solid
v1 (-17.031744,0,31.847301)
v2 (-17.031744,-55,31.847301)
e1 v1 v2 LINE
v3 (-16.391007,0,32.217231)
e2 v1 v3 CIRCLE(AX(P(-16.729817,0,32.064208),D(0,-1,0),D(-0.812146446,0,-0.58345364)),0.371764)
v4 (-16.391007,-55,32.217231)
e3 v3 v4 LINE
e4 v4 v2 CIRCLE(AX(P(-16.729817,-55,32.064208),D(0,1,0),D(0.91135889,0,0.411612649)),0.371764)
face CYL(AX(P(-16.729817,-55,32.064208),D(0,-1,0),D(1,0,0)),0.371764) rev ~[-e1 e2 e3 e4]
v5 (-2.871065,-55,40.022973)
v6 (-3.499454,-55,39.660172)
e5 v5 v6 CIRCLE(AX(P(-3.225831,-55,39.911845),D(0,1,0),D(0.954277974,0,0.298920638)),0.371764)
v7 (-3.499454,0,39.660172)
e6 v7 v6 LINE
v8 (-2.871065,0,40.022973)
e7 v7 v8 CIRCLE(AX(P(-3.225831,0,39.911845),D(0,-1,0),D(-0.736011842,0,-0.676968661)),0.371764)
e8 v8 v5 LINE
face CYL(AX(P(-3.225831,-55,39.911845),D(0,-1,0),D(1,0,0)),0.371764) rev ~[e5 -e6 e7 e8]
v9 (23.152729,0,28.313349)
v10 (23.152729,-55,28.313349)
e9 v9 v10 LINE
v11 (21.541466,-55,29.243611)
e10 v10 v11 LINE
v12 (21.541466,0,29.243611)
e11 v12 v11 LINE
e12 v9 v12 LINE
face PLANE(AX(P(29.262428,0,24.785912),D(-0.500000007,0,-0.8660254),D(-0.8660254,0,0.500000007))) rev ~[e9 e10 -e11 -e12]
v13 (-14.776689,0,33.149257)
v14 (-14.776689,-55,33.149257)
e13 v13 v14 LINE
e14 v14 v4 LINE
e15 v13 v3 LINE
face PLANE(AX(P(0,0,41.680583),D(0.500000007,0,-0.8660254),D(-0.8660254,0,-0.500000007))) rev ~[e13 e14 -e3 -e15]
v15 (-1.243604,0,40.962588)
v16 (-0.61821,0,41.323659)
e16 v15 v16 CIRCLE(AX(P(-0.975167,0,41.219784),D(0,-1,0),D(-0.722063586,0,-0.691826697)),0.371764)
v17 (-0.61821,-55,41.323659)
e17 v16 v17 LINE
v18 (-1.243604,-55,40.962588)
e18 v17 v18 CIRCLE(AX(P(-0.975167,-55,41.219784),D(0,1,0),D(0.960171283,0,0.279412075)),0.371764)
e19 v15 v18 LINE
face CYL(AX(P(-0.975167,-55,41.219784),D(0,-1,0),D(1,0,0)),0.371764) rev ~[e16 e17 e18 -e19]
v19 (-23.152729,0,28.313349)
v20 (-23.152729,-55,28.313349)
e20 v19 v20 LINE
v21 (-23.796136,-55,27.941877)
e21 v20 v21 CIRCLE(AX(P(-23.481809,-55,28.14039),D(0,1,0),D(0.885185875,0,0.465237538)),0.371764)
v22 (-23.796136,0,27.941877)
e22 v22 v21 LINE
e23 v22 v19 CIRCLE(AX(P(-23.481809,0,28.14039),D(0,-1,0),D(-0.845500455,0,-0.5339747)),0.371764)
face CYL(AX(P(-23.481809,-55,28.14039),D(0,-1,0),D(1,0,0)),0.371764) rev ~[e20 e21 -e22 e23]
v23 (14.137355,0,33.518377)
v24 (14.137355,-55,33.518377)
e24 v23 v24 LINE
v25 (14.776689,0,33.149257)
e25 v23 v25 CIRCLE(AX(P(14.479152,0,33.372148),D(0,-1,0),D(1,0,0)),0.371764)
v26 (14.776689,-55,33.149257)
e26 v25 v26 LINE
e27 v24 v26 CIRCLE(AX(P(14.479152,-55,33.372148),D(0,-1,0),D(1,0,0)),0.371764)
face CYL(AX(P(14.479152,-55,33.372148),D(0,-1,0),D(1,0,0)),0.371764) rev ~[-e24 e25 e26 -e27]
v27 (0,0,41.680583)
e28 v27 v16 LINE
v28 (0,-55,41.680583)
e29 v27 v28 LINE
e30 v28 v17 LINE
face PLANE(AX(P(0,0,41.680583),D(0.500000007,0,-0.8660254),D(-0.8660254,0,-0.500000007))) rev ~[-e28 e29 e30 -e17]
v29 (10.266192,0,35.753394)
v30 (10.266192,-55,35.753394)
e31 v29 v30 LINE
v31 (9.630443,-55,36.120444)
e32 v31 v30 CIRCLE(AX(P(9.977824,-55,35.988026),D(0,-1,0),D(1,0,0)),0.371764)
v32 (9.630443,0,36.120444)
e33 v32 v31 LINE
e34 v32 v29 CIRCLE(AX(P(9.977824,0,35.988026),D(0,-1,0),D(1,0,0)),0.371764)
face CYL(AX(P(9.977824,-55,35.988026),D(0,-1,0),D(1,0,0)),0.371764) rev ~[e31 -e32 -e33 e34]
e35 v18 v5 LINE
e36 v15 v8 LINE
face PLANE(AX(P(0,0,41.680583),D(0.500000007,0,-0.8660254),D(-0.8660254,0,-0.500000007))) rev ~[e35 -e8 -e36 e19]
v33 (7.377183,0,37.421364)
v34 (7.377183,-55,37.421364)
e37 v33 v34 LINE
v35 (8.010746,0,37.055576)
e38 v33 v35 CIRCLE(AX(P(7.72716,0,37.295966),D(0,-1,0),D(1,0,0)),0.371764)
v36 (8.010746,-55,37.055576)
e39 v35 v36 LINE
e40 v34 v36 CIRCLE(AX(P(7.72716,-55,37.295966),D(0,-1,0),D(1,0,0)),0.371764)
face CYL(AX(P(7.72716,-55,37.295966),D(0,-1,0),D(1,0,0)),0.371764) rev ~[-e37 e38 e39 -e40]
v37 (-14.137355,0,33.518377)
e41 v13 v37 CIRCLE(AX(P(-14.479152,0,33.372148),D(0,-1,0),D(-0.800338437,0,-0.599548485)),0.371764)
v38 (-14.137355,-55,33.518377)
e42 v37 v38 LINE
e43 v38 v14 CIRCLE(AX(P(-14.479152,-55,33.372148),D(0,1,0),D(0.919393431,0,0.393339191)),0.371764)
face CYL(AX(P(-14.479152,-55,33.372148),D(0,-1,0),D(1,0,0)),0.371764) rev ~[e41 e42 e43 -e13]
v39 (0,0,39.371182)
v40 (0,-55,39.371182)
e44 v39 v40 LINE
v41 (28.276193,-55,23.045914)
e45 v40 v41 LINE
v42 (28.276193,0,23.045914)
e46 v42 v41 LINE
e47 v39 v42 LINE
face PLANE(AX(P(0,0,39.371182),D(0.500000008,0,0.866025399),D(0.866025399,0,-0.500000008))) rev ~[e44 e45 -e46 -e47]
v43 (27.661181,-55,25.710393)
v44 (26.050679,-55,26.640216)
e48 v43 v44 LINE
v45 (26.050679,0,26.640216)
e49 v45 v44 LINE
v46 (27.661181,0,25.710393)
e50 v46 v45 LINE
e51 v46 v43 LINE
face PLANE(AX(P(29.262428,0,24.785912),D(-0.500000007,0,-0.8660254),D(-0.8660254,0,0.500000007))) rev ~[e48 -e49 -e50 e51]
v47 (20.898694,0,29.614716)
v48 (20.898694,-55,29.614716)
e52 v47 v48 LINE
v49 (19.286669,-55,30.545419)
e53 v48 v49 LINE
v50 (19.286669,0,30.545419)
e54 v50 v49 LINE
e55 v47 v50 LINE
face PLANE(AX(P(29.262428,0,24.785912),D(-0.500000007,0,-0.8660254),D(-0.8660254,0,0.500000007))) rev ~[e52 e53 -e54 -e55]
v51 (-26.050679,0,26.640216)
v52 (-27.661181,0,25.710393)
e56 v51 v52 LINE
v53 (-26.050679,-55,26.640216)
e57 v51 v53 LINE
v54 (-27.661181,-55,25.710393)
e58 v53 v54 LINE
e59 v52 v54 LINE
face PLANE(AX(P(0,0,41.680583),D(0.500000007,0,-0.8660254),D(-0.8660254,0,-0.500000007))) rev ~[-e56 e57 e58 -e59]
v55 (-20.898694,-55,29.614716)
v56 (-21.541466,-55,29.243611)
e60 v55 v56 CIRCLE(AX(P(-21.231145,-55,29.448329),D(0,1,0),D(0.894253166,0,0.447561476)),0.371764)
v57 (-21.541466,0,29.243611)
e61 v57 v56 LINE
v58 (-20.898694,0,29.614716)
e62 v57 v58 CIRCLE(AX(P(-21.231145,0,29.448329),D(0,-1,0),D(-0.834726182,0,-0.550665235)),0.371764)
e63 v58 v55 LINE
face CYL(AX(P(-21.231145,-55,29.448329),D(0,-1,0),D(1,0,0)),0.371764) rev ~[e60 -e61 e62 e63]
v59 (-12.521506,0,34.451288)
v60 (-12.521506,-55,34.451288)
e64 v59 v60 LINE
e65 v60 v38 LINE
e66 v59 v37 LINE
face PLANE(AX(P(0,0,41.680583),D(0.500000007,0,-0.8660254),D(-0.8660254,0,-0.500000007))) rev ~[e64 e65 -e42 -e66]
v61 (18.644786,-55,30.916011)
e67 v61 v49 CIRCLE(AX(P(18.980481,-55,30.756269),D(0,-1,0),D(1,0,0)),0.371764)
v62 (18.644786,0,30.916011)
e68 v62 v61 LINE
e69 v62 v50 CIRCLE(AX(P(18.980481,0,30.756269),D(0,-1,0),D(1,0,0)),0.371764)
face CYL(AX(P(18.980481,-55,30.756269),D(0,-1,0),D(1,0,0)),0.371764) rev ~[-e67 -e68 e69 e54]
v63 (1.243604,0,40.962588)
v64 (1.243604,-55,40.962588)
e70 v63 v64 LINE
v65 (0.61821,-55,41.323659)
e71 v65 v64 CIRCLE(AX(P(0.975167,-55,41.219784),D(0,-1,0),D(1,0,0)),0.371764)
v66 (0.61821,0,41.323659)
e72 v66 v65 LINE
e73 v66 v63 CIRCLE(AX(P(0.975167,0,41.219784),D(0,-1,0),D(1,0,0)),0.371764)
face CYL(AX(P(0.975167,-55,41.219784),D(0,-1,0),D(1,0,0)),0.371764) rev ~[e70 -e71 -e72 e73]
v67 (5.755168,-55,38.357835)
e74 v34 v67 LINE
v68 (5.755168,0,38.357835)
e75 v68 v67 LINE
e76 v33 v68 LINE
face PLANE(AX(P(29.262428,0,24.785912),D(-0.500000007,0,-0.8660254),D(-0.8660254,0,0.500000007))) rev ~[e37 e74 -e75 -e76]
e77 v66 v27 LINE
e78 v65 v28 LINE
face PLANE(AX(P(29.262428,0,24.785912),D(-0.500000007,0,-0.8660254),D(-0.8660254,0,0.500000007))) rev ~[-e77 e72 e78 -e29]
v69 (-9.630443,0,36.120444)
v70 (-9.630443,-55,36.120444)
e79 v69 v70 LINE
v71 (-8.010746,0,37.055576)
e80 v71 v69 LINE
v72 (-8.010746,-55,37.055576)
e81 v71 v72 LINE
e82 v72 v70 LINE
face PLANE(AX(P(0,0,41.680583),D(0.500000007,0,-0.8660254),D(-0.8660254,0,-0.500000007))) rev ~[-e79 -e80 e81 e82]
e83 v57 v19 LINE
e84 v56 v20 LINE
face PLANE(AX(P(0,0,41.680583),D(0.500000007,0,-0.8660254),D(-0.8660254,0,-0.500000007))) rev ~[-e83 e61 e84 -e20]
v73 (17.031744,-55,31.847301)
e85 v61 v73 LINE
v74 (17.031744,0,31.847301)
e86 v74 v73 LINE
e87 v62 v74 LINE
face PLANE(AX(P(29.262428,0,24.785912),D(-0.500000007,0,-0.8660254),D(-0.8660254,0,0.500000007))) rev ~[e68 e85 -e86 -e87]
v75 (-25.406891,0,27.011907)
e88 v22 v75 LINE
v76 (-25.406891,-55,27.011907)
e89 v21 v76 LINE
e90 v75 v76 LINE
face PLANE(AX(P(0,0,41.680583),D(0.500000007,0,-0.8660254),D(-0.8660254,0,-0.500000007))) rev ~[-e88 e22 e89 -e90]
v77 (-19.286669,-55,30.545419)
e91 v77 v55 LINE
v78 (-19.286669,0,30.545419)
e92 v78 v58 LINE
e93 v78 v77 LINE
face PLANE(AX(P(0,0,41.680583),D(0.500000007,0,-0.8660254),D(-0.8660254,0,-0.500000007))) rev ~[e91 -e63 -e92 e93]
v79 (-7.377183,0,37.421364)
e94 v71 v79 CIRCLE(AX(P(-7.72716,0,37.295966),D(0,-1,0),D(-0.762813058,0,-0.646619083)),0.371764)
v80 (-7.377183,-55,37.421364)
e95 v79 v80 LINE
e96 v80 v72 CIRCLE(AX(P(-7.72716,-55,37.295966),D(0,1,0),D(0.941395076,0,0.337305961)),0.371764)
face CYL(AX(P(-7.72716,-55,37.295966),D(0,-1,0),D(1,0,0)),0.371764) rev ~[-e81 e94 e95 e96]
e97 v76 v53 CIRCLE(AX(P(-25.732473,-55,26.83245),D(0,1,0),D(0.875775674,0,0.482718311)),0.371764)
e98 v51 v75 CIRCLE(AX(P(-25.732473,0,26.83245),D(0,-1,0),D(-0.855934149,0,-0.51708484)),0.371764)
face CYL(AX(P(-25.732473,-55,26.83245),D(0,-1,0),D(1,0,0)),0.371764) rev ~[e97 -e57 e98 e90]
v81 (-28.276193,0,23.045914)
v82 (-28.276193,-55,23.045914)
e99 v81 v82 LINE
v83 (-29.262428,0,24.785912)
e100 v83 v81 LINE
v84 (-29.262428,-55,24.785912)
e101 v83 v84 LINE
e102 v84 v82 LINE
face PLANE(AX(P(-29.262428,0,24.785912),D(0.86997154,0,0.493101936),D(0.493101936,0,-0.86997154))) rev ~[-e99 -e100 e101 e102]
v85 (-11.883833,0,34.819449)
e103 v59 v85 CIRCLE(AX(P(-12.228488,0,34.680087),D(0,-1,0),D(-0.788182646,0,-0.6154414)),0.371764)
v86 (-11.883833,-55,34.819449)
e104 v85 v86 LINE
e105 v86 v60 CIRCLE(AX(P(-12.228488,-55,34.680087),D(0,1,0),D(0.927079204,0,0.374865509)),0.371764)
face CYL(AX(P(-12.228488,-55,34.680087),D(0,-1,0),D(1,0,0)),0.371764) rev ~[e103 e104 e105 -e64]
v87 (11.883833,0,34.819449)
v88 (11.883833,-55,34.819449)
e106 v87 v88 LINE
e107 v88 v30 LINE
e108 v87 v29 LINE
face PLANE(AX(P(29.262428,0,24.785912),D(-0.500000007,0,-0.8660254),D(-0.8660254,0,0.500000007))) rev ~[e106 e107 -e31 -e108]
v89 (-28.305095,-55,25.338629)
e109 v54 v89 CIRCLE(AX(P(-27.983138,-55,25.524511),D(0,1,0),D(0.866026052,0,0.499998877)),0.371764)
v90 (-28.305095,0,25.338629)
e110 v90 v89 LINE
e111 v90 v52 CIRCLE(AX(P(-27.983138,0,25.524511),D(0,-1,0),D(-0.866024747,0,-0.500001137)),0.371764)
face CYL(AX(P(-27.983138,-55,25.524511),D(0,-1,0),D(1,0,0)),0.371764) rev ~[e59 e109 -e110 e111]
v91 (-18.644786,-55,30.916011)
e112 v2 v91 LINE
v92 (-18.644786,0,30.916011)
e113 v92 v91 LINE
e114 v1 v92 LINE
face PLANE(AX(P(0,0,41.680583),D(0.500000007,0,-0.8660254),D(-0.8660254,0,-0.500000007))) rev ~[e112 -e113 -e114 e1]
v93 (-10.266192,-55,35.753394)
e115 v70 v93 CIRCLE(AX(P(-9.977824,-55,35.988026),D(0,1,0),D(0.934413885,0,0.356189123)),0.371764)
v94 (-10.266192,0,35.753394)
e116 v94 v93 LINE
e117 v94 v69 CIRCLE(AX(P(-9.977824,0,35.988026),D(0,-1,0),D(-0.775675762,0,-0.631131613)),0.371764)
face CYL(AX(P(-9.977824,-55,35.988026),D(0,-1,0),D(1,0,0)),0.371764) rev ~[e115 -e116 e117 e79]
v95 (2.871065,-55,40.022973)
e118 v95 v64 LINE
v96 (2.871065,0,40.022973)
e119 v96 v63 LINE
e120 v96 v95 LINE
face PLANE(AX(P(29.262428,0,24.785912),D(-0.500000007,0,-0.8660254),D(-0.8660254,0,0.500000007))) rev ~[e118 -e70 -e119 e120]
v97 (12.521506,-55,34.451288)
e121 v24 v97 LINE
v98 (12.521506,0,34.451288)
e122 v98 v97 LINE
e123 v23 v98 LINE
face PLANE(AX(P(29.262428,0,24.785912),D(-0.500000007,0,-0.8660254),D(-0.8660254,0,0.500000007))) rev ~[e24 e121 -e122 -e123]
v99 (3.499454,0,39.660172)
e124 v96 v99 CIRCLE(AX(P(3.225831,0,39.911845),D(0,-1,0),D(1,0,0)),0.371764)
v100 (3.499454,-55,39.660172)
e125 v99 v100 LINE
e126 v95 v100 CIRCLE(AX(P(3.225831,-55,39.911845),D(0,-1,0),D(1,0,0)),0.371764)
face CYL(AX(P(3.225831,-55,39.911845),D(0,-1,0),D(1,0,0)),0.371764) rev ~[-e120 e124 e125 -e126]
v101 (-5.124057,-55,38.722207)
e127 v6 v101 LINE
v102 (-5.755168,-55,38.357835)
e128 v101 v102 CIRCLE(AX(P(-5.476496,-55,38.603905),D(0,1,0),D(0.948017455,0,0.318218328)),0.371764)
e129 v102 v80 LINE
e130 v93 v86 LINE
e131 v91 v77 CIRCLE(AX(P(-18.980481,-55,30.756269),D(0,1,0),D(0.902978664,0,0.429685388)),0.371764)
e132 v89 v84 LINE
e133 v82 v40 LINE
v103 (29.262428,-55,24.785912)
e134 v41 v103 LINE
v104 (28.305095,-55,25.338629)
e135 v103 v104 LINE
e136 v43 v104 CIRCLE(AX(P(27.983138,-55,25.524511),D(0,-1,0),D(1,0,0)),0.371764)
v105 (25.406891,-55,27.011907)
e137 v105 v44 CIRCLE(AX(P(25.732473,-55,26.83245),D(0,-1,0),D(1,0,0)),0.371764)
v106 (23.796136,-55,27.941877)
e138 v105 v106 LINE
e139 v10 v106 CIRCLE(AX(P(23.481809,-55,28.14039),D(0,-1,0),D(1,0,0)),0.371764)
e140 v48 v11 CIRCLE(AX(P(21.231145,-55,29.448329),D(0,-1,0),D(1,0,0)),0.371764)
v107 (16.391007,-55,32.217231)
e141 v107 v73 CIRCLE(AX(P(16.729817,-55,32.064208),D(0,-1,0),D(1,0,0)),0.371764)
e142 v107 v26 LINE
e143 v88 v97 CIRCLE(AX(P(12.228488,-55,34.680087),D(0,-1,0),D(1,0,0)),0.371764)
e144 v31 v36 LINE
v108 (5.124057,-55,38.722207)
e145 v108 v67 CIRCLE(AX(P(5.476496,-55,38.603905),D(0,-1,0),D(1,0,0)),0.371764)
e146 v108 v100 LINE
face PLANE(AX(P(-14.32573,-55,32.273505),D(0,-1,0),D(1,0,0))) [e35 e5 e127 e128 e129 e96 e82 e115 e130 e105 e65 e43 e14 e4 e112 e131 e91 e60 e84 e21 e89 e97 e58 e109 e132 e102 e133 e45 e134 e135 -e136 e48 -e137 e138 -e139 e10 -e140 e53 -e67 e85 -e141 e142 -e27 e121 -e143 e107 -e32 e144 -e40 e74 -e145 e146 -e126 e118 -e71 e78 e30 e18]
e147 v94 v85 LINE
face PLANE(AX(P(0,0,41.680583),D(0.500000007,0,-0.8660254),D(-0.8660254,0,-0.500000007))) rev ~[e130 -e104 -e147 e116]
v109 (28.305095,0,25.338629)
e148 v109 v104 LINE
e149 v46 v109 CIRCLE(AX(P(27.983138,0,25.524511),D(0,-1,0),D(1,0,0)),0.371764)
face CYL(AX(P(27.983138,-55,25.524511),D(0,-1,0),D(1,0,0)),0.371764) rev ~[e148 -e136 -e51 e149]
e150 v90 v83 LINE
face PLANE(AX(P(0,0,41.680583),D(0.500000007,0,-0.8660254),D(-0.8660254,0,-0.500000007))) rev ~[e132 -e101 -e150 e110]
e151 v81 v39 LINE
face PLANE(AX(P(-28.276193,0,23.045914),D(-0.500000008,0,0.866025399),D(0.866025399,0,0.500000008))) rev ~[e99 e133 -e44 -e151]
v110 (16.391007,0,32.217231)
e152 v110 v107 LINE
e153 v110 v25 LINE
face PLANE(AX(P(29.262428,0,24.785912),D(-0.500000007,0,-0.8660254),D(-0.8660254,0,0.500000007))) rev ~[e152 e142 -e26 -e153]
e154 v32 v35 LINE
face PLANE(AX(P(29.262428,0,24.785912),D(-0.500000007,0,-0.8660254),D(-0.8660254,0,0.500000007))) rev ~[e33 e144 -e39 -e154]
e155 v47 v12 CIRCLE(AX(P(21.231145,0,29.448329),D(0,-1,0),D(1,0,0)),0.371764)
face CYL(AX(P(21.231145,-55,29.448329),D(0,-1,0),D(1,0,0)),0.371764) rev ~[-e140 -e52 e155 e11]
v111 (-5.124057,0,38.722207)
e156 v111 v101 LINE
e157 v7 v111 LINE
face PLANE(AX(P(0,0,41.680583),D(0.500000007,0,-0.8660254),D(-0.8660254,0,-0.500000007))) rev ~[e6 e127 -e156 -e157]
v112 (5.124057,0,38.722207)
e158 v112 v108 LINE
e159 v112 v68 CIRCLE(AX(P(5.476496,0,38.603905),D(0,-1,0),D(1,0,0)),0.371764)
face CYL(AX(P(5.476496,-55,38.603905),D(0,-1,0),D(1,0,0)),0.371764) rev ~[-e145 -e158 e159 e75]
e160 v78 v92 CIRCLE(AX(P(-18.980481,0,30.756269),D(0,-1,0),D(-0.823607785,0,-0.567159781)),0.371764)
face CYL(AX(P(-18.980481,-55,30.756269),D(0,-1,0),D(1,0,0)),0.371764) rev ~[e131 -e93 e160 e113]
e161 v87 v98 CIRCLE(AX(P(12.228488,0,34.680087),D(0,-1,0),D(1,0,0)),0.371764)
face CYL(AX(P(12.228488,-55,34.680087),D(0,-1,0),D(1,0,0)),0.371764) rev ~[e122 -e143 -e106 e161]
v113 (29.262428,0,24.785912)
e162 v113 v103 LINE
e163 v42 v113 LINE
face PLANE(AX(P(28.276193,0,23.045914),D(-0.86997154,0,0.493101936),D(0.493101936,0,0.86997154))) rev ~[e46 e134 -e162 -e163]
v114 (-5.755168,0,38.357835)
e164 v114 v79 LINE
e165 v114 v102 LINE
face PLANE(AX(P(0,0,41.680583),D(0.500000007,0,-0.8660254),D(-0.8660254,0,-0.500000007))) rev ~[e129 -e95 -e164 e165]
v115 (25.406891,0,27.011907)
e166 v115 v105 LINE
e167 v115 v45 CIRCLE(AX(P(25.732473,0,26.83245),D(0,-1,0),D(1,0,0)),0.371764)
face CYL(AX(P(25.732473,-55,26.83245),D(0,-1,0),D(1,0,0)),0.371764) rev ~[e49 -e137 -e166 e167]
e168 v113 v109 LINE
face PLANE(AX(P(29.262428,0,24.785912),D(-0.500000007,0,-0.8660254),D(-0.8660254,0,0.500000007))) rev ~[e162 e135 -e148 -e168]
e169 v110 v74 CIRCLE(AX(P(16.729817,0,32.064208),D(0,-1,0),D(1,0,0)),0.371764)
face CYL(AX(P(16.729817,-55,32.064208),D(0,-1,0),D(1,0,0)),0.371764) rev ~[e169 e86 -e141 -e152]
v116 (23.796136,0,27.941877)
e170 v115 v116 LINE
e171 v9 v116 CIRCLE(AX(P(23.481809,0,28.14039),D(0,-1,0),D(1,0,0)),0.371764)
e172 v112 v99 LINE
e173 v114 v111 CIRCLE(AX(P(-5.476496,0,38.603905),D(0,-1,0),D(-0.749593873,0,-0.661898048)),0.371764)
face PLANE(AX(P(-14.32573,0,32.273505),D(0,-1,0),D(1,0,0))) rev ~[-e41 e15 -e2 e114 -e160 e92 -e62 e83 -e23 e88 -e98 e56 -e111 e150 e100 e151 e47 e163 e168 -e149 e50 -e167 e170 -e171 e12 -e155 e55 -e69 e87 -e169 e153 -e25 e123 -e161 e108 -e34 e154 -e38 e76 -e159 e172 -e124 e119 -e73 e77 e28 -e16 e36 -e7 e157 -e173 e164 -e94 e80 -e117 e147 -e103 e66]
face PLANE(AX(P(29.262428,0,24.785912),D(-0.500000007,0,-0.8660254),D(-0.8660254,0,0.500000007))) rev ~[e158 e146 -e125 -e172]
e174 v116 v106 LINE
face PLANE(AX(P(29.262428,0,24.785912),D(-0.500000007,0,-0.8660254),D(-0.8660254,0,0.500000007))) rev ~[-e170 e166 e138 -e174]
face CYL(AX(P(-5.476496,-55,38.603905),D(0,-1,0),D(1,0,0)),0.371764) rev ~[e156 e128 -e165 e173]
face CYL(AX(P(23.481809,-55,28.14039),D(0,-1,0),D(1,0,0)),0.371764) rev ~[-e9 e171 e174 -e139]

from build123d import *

# Parameters (mm, degrees)
F1_DEPTH = 55
F2_R     = 0.371764
F3_DEPTH = 63.7


with BuildPart() as f1:
    # F0 (on Front) → F1 (new body)
    with BuildSketch(Plane.XZ):
        Polygon((-28.276193, 23.045914), (0, 39.371182), (0, 41.680583), (-29.262428, 24.785912), align=None)
        Polygon((0, 41.680583), (0, 39.371182), (28.276193, 23.045914), (29.262428, 24.785912), align=None)
    extrude(amount=F1_DEPTH)

    # F2 (on face) → F3 (cut)
    with BuildSketch(Plane.XZ.offset(55)):
        with Locations((-27.983138, 25.524511)):
            Circle(F2_R)
        with Locations((-25.732473, 26.83245)):
            Circle(F2_R)
        with Locations((-23.481809, 28.14039)):
            Circle(F2_R)
        with Locations((-21.231145, 29.448329)):
            Circle(F2_R)
        with Locations((-18.980481, 30.756269)):
            Circle(F2_R)
        with Locations((-16.729817, 32.064208)):
            Circle(F2_R)
        with Locations((-14.479152, 33.372148)):
            Circle(F2_R)
        with Locations((-12.228488, 34.680087)):
            Circle(F2_R)
        with Locations((-9.977824, 35.988026)):
            Circle(F2_R)
        with Locations((-7.72716, 37.295966)):
            Circle(F2_R)
        with Locations((-5.476496, 38.603905)):
            Circle(F2_R)
        with Locations((-3.225831, 39.911845)):
            Circle(F2_R)
        with Locations((-0.975167, 41.219784)):
            Circle(F2_R)
        with Locations((1.275497, 42.527724)):
            Circle(F2_R)
        with Locations((3.526161, 43.835663)):
            Circle(F2_R)
        with Locations((7.72716, 37.295966)):
            Circle(F2_R)
        with Locations((27.983138, 25.524511)):
            Circle(F2_R)
        with Locations((12.228488, 34.680087)):
            Circle(F2_R)
        with Locations((25.732473, 26.83245)):
            Circle(F2_R)
        with Locations((-1.275497, 42.527724)):
            Circle(F2_R)
        with Locations((18.980481, 30.756269)):
            Circle(F2_R)
        with Locations((0.975167, 41.219784)):
            Circle(F2_R)
        with Locations((21.231145, 29.448329)):
            Circle(F2_R)
        with Locations((16.729817, 32.064208)):
            Circle(F2_R)
        with Locations((23.481809, 28.14039)):
            Circle(F2_R)
        with Locations((3.225831, 39.911845)):
            Circle(F2_R)
        with Locations((5.476496, 38.603905)):
            Circle(F2_R)
        with Locations((14.479152, 33.372148)):
            Circle(F2_R)
        with Locations((9.977824, 35.988026)):
            Circle(F2_R)
        with Locations((-3.526161, 43.835663)):
            Circle(F2_R)
    extrude(amount=-F3_DEPTH, mode=Mode.SUBTRACT)


solid = f1.part
